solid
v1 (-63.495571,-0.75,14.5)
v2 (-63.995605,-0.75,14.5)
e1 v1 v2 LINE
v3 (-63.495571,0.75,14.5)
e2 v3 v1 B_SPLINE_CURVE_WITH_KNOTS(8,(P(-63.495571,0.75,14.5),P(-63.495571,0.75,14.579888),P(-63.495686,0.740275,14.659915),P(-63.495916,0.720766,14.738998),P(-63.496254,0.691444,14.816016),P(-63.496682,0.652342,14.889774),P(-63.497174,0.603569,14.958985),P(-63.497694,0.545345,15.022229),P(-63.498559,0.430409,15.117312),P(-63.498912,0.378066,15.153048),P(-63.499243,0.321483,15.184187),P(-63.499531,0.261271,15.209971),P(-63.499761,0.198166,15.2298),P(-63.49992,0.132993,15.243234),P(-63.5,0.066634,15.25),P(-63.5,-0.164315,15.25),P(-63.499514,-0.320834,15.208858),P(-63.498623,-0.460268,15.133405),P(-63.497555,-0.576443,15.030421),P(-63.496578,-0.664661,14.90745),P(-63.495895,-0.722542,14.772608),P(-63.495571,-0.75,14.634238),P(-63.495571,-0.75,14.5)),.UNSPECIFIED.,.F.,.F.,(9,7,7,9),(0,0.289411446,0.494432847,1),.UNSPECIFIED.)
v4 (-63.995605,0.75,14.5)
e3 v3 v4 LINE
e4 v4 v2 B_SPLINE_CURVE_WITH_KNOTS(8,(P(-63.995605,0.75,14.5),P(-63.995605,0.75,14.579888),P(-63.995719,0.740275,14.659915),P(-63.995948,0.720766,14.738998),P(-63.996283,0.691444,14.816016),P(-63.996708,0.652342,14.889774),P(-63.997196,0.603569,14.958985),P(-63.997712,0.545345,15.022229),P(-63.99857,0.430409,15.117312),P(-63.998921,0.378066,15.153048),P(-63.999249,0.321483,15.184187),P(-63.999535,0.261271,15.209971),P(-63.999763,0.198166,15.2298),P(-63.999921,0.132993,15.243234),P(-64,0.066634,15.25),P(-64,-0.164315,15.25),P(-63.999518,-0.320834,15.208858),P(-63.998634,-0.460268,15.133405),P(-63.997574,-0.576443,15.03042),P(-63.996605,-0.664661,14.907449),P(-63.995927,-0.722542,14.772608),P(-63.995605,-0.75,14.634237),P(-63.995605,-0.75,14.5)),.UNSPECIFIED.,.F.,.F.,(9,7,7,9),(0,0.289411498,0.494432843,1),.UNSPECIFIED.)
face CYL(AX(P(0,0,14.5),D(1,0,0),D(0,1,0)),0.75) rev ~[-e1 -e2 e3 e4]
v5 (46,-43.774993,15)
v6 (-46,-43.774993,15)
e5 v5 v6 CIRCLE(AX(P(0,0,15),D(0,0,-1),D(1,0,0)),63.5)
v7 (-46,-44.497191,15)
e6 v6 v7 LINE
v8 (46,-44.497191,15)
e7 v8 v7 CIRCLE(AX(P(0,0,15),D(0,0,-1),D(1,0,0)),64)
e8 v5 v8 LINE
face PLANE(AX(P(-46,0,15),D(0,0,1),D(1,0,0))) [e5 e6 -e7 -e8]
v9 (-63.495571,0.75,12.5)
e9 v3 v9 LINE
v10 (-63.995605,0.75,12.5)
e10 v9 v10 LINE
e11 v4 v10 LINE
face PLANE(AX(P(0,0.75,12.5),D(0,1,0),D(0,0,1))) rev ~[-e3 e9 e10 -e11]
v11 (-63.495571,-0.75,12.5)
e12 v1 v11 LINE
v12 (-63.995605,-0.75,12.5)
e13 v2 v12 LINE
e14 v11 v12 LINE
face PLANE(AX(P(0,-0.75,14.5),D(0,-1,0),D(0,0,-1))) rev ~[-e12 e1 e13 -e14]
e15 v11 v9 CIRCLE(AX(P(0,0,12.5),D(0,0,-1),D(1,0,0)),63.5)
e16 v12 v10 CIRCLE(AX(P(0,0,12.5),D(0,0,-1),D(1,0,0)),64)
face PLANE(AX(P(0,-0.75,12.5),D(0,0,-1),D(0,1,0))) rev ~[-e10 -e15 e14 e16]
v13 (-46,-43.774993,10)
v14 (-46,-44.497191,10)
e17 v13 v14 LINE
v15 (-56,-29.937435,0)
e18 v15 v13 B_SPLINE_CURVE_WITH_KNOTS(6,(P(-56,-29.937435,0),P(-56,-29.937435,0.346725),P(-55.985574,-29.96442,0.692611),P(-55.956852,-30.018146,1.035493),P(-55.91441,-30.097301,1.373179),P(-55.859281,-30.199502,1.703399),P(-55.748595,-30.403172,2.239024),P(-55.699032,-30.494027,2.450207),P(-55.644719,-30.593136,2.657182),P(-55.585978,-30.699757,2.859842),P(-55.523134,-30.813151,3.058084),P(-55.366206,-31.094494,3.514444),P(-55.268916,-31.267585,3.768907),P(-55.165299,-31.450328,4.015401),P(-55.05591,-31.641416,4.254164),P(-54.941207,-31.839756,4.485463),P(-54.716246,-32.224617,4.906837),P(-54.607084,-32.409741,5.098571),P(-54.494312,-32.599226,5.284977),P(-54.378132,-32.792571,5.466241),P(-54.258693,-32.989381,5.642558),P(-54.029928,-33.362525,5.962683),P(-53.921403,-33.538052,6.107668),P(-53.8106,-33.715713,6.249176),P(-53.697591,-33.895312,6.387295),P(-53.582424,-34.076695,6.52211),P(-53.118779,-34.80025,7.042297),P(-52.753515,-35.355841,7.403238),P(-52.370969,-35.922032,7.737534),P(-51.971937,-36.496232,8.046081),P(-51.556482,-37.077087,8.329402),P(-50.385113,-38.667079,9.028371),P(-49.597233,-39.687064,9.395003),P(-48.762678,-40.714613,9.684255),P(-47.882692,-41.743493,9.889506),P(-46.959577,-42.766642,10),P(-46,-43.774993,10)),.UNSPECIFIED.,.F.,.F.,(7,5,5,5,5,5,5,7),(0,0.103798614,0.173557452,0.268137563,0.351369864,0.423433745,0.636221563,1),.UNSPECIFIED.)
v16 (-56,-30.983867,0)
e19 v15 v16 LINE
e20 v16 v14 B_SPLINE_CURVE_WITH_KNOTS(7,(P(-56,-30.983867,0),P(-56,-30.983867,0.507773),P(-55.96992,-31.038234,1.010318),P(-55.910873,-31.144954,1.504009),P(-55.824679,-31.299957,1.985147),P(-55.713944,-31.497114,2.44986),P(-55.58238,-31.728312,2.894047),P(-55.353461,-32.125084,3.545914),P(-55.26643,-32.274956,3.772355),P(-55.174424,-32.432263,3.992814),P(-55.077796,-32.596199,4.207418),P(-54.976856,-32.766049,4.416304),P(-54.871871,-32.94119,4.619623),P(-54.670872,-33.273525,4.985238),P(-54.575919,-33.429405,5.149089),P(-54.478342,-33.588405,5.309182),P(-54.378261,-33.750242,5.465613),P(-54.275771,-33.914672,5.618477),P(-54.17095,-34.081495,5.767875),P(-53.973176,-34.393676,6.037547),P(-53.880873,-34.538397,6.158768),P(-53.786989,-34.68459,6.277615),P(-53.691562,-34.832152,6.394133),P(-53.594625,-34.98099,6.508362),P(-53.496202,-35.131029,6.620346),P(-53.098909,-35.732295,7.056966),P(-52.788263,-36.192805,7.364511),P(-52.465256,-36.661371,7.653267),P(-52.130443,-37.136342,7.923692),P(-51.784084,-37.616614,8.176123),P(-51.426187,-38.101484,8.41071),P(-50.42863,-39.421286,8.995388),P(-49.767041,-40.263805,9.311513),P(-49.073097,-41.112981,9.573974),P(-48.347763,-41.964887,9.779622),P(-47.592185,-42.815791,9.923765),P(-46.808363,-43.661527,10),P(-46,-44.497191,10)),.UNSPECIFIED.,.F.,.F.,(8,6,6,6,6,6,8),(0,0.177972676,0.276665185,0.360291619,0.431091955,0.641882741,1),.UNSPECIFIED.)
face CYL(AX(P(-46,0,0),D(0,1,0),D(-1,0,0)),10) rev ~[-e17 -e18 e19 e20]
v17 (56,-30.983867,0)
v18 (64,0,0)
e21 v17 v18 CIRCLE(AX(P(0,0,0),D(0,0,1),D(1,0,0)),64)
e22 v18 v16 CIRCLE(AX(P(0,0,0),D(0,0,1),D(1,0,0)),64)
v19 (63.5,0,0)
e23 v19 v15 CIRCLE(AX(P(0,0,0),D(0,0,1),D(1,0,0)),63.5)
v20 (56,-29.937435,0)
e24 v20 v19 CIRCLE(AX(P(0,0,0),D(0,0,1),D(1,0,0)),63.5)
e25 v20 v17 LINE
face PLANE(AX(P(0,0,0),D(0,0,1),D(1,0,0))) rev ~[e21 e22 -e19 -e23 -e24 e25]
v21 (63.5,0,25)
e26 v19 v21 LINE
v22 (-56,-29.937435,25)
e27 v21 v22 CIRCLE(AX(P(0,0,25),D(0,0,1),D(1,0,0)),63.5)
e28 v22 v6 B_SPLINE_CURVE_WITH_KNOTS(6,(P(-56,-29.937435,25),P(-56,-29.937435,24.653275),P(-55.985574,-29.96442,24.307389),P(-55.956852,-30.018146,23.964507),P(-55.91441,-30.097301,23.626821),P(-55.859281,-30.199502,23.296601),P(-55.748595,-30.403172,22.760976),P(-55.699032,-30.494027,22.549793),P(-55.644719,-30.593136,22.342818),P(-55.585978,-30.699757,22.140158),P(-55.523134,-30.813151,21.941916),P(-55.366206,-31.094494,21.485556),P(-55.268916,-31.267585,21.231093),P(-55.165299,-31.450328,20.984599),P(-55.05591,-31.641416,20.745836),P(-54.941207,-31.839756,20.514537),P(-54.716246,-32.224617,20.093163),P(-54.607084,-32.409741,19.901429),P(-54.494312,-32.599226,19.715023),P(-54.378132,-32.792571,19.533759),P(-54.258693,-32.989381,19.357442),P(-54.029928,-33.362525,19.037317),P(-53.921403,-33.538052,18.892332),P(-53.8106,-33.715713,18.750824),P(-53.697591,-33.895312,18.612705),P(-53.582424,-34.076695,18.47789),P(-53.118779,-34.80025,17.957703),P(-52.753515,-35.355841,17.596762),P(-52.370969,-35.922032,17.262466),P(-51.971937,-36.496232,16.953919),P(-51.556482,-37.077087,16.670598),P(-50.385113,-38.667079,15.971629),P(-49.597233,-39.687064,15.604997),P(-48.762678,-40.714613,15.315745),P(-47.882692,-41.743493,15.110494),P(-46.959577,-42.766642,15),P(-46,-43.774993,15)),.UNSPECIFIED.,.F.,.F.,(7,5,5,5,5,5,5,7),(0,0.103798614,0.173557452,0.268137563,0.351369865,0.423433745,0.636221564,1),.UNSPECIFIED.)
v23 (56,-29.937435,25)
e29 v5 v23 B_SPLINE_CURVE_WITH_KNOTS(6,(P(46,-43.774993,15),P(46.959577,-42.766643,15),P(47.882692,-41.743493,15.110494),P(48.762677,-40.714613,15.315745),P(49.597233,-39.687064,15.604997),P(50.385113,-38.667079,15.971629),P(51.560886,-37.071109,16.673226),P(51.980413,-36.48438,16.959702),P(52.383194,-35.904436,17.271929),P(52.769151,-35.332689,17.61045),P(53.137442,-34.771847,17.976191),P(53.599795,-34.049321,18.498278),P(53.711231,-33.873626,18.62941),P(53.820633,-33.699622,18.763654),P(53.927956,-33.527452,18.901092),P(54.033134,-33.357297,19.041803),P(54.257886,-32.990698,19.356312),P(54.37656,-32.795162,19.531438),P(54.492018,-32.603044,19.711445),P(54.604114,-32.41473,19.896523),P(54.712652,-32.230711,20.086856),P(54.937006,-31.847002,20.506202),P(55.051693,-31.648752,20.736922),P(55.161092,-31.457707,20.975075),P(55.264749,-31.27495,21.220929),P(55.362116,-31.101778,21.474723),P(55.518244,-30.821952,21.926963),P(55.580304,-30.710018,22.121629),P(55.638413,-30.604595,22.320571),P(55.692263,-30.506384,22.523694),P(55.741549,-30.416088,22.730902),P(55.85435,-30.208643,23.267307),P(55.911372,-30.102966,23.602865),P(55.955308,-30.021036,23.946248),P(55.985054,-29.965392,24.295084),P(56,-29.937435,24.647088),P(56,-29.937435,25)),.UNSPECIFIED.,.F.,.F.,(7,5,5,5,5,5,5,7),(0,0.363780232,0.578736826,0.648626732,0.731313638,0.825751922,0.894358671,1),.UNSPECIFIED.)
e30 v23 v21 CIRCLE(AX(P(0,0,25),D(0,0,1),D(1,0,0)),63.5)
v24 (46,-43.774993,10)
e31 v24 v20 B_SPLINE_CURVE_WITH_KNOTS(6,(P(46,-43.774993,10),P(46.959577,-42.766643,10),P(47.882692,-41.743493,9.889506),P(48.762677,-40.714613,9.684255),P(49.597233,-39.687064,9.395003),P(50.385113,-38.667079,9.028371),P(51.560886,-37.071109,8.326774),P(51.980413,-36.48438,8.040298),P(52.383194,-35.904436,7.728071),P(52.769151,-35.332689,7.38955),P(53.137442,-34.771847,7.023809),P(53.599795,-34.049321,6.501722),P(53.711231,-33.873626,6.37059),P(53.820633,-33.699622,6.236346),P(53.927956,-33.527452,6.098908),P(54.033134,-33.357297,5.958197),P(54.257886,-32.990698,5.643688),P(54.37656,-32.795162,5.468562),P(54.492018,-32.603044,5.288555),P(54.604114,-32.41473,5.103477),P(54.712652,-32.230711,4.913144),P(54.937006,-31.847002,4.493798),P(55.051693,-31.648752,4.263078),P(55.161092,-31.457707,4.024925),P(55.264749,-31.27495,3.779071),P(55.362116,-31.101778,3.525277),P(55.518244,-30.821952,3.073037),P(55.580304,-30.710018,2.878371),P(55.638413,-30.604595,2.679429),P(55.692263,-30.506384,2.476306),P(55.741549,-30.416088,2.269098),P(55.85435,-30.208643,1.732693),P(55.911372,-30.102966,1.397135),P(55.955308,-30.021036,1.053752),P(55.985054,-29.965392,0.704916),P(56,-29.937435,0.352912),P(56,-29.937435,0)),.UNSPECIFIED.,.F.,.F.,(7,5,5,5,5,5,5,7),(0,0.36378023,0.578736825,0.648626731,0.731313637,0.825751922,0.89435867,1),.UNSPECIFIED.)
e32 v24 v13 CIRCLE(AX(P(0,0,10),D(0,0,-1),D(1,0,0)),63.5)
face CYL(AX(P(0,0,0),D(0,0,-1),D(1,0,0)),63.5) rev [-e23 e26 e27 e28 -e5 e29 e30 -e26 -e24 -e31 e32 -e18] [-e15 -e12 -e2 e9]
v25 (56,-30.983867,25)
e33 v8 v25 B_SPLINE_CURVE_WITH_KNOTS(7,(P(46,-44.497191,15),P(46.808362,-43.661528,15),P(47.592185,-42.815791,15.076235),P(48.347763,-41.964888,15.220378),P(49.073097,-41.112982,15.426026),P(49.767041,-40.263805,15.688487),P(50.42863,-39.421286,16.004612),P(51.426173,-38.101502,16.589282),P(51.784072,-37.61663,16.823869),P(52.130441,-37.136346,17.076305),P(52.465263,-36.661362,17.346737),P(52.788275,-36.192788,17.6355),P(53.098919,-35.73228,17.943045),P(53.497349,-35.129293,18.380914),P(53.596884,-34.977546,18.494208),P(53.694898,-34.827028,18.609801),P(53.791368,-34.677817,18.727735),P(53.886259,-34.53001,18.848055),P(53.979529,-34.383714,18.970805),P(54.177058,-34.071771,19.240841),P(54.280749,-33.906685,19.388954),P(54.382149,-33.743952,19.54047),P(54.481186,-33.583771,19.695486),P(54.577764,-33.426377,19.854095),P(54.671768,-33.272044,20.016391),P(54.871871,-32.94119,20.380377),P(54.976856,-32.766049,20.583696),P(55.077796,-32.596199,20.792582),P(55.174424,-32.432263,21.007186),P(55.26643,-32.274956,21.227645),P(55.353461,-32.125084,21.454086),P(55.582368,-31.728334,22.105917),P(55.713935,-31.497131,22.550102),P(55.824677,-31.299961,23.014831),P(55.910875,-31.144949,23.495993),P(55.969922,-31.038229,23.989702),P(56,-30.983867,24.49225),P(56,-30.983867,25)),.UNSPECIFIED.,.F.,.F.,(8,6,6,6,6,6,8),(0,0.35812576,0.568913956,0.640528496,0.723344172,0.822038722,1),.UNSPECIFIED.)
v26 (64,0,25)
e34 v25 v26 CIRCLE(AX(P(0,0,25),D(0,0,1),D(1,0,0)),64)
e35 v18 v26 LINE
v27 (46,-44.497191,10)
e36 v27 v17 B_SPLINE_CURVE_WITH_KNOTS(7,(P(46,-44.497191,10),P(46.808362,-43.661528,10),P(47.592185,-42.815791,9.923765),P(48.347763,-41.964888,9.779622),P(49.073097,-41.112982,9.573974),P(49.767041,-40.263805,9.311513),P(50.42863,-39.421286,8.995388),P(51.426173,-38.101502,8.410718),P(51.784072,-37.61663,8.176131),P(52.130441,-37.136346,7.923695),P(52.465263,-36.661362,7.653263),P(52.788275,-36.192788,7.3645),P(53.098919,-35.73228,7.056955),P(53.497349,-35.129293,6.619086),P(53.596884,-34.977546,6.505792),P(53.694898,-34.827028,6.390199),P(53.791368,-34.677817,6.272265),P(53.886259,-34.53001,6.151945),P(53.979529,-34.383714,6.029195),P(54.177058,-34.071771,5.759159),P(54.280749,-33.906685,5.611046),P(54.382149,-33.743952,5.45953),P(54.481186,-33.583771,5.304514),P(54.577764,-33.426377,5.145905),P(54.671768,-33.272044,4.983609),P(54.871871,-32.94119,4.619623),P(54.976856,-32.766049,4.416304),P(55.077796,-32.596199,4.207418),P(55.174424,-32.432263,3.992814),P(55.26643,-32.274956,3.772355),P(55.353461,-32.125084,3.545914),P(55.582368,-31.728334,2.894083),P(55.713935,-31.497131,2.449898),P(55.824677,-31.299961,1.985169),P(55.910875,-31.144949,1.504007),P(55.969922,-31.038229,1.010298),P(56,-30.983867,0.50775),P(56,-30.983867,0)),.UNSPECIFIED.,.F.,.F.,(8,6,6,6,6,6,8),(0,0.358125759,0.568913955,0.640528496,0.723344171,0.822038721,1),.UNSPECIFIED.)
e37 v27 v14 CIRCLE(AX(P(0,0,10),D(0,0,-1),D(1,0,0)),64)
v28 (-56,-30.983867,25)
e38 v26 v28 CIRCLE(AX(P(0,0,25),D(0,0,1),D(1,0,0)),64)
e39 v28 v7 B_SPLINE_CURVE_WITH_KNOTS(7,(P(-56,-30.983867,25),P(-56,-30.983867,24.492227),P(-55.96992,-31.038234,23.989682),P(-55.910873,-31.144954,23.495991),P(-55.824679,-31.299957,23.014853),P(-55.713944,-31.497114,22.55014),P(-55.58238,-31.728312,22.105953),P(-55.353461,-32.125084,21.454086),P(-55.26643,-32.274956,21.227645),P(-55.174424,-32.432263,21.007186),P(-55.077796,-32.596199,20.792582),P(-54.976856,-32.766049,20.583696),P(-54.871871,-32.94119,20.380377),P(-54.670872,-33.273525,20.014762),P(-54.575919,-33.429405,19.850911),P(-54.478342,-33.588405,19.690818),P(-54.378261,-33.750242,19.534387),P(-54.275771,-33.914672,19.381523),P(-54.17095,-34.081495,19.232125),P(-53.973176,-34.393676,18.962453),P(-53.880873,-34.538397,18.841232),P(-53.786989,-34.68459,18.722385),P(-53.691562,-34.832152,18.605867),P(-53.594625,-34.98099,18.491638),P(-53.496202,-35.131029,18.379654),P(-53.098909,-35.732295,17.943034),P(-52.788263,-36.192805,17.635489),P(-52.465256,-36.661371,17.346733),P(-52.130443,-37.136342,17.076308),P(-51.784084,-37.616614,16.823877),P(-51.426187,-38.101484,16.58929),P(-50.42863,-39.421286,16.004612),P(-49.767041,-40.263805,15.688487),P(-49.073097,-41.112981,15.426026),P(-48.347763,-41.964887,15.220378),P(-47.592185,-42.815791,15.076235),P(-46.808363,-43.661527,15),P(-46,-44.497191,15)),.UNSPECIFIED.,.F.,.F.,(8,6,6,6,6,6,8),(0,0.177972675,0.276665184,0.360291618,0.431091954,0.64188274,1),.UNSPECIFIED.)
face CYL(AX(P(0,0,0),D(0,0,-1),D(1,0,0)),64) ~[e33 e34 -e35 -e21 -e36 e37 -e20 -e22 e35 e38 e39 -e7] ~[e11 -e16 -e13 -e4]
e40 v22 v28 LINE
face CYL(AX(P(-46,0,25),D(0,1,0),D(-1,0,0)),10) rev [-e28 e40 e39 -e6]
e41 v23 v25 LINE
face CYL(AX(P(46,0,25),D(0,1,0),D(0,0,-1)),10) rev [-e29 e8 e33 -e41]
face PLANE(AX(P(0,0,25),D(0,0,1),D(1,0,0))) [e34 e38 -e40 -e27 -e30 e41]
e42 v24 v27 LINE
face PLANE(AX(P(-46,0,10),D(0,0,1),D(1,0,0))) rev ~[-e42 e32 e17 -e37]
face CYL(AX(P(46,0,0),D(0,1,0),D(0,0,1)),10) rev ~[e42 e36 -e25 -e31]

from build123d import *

# Parameters (mm, degrees)
SKETCH_3_R          = 64
SKETCH_3_R_2        = 63.5
EXTRUDE_2_DEPTH     = 25
CUT_EXTRUDE_2_DEPTH = 200
CUT_EXTRUDE_3_DEPTH = 200


with BuildPart() as part:
    # 草图3 → 凸台-拉伸2 (new body)
    with BuildSketch(Plane.XY):
        Circle(SKETCH_3_R)
        Circle(SKETCH_3_R_2, mode=Mode.SUBTRACT)
    extrude(amount=EXTRUDE_2_DEPTH)

    # 草图4 → 切除-拉伸2 (cut)
    with BuildSketch(Plane(origin=(0, 0, 0), x_dir=(1, 0, 0), z_dir=(0, 1, 0))):
        with BuildLine():
            Line((-46, -10), (46, -10))
            ThreePointArc((46, -10), (53.071067812, -7.071067812), (56, 0))
            Line((56, 0), (-56, 0))
            ThreePointArc((-56, 0), (-53.071067812, -7.071067812), (-46, -10))
        make_face()
        with BuildLine():
            Line((-46, -15), (46, -15))
            ThreePointArc((46, -15), (53.071067812, -17.928932188), (56, -25))
            Line((56, -25), (-56, -25))
            ThreePointArc((-56, -25), (-53.071067812, -17.928932188), (-46, -15))
        make_face()
    extrude(amount=-CUT_EXTRUDE_2_DEPTH, mode=Mode.SUBTRACT)

    # 草图6 → 切除-拉伸3 (cut)
    with BuildSketch(Plane(origin=(0, 0, 0), x_dir=(0, 0, -1), z_dir=(1, 0, 0))):
        with BuildLine():
            Line((-12.5, -0.75), (-12.5, 0.75))
            Line((-12.5, 0.75), (-14.5, 0.75))
            ThreePointArc((-14.5, 0.75), (-15.25, 0), (-14.5, -0.75))
            Line((-14.5, -0.75), (-12.5, -0.75))
        make_face()
    extrude(amount=-CUT_EXTRUDE_3_DEPTH, mode=Mode.SUBTRACT)


solid = part.part
